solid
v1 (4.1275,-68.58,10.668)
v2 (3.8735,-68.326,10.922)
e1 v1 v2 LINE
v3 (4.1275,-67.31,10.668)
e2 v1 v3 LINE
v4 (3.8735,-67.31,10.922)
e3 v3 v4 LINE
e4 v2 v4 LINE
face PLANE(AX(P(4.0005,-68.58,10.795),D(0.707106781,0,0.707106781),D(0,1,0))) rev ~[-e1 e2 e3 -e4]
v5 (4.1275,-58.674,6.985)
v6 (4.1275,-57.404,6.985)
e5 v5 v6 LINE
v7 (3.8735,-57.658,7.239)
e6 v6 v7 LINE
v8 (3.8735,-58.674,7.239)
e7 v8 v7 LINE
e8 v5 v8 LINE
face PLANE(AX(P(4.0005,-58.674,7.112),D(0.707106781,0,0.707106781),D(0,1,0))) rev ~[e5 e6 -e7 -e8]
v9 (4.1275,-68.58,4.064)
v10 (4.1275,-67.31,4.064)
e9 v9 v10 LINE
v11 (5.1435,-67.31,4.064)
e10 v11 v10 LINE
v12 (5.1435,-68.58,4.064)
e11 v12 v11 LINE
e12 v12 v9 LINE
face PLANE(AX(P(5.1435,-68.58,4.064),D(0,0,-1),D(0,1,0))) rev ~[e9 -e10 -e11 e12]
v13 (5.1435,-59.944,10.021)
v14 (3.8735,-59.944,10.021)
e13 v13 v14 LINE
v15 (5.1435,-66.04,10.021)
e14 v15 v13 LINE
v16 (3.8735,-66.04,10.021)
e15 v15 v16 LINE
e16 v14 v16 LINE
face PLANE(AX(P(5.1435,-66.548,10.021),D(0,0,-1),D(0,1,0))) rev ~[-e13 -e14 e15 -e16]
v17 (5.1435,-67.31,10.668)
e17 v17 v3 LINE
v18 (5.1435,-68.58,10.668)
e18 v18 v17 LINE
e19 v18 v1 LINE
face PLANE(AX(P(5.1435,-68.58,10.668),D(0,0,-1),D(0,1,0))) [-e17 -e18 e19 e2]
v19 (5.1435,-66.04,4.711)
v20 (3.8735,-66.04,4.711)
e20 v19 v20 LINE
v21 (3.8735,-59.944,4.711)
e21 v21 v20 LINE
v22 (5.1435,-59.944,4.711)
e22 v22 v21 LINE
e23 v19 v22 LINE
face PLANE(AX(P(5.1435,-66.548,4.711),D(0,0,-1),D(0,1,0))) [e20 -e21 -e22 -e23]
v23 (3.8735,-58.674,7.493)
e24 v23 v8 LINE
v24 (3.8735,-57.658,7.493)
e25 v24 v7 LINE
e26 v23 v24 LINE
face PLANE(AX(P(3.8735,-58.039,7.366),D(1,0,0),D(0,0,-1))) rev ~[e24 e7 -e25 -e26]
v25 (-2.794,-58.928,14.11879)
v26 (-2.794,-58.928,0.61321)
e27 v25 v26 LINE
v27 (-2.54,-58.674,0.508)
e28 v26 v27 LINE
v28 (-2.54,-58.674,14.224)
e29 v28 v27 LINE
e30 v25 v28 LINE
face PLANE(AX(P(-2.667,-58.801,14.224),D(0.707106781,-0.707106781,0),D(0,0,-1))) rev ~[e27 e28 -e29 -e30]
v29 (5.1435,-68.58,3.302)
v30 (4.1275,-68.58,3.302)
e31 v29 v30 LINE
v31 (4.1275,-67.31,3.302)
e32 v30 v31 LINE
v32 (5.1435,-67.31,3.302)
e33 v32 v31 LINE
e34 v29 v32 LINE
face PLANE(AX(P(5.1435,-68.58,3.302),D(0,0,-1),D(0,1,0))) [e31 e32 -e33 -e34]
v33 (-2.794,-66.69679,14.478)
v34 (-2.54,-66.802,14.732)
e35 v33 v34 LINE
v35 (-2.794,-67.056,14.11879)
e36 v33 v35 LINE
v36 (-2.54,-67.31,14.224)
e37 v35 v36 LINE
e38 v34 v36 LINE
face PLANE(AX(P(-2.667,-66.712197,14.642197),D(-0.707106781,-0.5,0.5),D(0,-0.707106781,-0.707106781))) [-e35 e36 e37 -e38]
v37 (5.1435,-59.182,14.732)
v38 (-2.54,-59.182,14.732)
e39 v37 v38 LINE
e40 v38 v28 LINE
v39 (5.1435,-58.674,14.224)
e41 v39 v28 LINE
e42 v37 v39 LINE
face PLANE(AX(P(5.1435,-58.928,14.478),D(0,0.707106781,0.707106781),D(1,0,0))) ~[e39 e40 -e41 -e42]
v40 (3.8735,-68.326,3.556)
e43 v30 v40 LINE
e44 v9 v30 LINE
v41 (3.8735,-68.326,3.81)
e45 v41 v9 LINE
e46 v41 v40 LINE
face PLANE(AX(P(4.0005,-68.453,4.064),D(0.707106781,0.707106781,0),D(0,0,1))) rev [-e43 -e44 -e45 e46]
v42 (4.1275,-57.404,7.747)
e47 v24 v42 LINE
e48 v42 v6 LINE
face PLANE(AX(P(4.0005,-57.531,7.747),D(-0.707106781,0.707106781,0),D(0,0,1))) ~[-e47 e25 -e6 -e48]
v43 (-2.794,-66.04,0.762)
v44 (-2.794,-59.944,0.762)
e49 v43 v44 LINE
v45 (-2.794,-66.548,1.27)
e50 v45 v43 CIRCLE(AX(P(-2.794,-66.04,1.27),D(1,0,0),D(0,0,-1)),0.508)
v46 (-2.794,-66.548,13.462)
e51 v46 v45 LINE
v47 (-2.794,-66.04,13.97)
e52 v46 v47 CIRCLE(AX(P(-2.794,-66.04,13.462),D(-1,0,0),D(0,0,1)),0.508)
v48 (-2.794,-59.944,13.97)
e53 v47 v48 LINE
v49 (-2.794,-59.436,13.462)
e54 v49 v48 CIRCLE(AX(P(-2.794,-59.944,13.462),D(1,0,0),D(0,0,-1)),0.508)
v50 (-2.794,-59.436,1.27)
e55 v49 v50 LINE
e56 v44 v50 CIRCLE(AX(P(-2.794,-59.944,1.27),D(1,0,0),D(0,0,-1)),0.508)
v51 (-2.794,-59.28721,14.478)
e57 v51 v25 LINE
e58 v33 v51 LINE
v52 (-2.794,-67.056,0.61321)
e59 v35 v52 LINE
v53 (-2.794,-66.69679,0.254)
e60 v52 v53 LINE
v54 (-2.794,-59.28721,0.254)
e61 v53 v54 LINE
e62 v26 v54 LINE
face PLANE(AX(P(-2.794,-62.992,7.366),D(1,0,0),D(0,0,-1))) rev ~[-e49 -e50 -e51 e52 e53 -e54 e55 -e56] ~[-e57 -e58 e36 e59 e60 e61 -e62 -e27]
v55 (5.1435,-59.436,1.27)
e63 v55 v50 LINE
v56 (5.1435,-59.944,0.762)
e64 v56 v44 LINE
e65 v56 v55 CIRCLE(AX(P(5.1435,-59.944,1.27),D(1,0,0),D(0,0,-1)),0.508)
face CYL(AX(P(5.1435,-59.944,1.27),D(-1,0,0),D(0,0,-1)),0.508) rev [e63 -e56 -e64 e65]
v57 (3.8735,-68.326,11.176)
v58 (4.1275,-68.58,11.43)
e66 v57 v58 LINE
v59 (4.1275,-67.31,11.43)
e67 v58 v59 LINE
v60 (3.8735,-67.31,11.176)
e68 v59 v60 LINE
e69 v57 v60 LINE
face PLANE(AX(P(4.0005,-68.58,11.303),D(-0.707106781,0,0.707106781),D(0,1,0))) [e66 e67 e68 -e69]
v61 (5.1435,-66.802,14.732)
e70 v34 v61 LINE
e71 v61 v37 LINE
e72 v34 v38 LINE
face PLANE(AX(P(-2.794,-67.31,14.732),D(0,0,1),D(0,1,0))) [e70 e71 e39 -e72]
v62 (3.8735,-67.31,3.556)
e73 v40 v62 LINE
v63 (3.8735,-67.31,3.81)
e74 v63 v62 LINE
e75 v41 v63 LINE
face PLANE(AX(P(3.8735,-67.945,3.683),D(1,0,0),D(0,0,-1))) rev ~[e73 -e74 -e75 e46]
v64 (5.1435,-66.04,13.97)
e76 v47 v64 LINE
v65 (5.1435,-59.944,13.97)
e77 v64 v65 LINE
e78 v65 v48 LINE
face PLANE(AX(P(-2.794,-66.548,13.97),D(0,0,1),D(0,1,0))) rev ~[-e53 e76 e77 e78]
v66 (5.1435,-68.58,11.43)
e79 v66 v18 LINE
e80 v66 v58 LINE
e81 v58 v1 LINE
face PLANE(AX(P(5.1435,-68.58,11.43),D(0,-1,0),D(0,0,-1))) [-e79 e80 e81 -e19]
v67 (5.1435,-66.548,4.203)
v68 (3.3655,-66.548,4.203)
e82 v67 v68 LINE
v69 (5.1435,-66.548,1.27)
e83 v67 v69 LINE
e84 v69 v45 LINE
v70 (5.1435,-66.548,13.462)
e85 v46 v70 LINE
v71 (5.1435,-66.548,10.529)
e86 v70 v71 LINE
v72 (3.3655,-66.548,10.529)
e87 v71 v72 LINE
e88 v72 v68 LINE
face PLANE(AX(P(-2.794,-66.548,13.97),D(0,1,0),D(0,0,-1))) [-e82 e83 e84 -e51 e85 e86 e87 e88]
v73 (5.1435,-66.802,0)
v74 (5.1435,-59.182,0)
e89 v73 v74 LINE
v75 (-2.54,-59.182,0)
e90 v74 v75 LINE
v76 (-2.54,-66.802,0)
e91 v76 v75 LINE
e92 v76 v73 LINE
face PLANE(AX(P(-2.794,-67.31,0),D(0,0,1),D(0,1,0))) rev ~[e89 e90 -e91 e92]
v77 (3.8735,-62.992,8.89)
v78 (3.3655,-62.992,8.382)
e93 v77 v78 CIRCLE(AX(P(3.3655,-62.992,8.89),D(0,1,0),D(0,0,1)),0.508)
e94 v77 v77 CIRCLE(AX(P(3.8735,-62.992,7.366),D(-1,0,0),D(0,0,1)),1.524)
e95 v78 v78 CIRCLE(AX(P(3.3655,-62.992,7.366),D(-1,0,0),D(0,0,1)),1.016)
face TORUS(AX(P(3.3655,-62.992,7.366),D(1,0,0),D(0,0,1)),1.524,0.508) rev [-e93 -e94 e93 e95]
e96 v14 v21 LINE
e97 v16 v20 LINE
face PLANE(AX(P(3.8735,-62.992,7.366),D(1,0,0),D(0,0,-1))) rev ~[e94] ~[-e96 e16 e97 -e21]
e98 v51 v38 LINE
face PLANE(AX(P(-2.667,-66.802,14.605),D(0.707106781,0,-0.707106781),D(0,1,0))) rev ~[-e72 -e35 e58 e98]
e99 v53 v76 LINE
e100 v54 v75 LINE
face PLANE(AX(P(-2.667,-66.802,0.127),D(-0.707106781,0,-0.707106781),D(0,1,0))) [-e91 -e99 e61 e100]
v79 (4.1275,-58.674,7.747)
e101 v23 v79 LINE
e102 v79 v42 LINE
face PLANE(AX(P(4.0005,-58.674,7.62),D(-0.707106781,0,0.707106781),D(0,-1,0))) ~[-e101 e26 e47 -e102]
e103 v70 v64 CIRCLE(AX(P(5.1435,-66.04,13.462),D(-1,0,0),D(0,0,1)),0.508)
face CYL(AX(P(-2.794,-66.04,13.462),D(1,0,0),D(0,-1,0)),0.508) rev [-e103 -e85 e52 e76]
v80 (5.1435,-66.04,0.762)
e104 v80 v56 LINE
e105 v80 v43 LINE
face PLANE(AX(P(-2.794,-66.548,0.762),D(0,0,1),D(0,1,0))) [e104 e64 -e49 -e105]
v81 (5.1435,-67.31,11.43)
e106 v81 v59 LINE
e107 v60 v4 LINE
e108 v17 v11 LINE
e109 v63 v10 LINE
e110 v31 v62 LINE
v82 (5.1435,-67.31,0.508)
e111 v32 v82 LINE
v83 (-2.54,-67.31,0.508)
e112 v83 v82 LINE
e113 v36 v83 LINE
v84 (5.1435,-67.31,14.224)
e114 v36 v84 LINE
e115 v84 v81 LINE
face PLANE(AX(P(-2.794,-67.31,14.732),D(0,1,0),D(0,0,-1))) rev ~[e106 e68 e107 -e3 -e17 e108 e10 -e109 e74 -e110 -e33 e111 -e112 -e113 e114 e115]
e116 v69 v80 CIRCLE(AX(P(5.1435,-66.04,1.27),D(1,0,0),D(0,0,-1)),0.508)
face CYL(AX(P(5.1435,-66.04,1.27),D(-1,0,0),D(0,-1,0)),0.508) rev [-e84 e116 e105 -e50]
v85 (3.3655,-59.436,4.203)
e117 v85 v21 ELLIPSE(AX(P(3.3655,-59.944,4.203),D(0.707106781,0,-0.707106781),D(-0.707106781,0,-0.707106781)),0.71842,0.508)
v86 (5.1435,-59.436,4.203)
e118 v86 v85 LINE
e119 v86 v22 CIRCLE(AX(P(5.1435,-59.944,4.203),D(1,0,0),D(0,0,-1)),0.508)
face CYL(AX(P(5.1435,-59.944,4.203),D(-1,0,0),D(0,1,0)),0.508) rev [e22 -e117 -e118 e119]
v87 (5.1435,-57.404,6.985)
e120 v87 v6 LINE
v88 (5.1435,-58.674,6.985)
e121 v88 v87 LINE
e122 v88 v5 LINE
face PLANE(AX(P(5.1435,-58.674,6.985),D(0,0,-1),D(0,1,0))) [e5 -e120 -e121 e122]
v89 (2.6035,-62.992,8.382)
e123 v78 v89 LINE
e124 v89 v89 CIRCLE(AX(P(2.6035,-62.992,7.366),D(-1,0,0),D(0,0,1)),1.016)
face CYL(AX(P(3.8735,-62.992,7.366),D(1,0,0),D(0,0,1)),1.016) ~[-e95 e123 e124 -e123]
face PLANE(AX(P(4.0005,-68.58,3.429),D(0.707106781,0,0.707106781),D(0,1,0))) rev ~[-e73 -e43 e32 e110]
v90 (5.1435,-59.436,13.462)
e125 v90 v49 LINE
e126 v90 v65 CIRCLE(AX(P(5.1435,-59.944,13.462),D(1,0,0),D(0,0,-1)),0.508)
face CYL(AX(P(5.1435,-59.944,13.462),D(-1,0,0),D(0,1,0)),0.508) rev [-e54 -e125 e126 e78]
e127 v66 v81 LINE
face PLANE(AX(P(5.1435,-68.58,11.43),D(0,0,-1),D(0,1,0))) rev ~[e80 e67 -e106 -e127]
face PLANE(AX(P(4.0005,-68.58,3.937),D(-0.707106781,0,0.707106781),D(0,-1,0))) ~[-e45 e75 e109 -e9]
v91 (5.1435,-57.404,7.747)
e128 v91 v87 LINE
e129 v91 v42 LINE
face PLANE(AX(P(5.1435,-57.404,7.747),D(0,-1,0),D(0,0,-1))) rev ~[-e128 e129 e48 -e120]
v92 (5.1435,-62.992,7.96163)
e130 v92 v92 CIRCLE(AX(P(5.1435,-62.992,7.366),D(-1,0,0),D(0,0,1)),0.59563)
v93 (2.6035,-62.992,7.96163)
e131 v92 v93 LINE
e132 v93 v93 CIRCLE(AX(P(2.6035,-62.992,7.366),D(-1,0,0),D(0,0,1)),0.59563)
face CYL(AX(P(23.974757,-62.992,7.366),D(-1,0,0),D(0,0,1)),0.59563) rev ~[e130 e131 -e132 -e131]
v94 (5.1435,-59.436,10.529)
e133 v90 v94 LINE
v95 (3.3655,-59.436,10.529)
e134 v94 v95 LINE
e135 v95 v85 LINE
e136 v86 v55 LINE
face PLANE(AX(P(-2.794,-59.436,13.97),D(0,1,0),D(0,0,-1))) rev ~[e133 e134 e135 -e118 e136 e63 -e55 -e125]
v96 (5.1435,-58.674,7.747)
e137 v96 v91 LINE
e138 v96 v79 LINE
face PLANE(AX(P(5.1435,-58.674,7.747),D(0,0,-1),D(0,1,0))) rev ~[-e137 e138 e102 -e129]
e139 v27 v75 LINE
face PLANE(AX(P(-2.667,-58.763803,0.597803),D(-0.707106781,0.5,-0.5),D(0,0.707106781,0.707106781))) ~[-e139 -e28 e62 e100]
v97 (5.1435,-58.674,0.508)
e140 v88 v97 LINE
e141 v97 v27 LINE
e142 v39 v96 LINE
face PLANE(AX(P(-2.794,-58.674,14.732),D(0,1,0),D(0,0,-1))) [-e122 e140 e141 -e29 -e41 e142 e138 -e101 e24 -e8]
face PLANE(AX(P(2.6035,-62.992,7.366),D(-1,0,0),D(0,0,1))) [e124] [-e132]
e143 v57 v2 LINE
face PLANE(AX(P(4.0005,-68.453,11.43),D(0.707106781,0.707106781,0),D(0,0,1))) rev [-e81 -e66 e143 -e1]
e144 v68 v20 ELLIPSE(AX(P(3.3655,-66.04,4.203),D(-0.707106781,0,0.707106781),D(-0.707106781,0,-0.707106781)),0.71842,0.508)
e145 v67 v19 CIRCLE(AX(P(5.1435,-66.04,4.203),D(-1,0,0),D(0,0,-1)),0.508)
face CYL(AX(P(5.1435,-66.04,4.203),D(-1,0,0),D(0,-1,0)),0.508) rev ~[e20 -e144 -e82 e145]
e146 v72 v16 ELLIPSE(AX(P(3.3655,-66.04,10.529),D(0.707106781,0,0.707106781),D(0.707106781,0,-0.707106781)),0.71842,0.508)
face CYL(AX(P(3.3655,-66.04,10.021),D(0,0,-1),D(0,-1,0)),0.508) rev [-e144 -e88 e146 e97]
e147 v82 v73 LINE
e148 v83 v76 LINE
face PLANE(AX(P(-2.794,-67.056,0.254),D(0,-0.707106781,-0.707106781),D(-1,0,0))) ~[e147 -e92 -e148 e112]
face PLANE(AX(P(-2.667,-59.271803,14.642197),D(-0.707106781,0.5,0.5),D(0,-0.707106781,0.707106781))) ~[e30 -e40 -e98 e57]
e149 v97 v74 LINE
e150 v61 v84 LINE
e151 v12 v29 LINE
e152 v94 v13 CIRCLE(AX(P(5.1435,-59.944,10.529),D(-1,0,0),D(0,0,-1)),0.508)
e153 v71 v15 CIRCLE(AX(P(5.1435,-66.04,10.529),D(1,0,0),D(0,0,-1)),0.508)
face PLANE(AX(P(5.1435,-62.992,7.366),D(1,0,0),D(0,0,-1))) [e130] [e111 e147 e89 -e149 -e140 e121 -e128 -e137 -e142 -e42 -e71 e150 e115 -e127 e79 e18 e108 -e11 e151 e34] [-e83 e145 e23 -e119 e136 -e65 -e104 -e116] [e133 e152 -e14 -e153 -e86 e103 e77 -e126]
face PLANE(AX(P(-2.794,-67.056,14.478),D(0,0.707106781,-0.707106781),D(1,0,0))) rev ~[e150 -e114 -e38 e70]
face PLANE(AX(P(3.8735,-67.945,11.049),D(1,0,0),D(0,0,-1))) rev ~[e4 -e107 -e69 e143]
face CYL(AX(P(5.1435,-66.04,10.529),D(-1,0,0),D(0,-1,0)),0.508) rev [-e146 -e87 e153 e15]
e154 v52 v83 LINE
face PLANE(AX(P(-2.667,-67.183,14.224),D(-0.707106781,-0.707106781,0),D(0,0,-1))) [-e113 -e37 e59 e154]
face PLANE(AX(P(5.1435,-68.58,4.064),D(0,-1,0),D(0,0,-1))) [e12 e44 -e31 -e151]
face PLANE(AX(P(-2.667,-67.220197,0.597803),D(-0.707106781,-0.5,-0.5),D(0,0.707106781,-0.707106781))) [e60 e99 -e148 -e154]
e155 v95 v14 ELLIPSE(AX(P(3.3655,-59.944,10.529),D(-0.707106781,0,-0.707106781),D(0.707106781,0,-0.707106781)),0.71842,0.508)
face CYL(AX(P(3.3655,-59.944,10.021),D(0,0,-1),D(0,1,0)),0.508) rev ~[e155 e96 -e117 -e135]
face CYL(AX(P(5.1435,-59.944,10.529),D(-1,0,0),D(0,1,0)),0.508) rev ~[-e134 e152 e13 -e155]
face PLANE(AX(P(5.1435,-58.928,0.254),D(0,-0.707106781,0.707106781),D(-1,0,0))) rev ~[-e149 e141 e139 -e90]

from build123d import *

# Parameters (mm, degrees)
SKETCH2_W             = 14.732
SKETCH2_H             = 8.636
SKETCH2_W_2           = 13.208
SKETCH2_H_2           = 7.112
EXTRUDE_THIN1_DEPTH   = 7.9375
SKETCH3_W             = 14.732
SKETCH3_H             = 8.636
BOSS_EXTRUDE1_DEPTH   = 1.27
CUT_EXTRUDE1_REACH    = 9.938
SKETCH4_W             = 3.949
SKETCH4_H             = 7.112
SKETCH7_R             = 1.016
BOSS_EXTRUDE2_DEPTH   = 1.27
F_0_80_TAPPED_HOLE1_D = 1.19126
SKETCH9_W             = 0.762
SKETCH9_H             = 1.27
EXTRUDE_THIN2_DEPTH   = 1.27
FILLET1_R             = 0.508
CHAMFER1_SIZE         = 0.508
CHAMFER2_SIZE         = 0.254


with BuildPart() as part:
    # Sketch2 → Extrude-Thin1 (new body)
    with BuildSketch(Plane(origin=(-2.794, 0, 0), x_dir=(0, 0, -1), z_dir=(1, 0, 0))):
        with Locations((-7.366, -62.992)):
            Rectangle(SKETCH2_W, SKETCH2_H)
        with Locations((-7.366, -62.992)):
            Rectangle(SKETCH2_W_2, SKETCH2_H_2, mode=Mode.SUBTRACT)
    extrude(amount=EXTRUDE_THIN1_DEPTH)

    # Sketch3 → Boss-Extrude1 (add)
    with BuildSketch(Plane(origin=(5.1435, 0, 0), x_dir=(0, 0, -1), z_dir=(1, 0, 0))):
        with Locations((-7.366, -62.992)):
            Rectangle(SKETCH3_W, SKETCH3_H)
    extrude(amount=-BOSS_EXTRUDE1_DEPTH)

    # Sketch4 → Cut-Extrude1 (cut, up to next)
    with BuildSketch(Plane(origin=(5.1435, 0, 0), x_dir=(0, 0, -1), z_dir=(1, 0, 0)), mode=Mode.PRIVATE) as cut_extrude1_sk1:
        with Locations((-2.7365, -62.992)):
            Rectangle(SKETCH4_W, SKETCH4_H)
    cut_extrude1_tool1 = extrude(cut_extrude1_sk1.sketch, amount=-CUT_EXTRUDE1_REACH, mode=Mode.PRIVATE) & part.part
    add(cut_extrude1_tool1.solids().sort_by_distance((5.1435, -62.992, 2.7365))[0], mode=Mode.SUBTRACT)
    # Sketch4 → Cut-Extrude1 (cut, up to next)
    with BuildSketch(Plane(origin=(5.1435, 0, 0), x_dir=(0, 0, -1), z_dir=(1, 0, 0)), mode=Mode.PRIVATE) as cut_extrude1_sk2:
        with Locations((-11.9955, -62.992)):
            Rectangle(SKETCH4_W, SKETCH4_H)
    cut_extrude1_tool2 = extrude(cut_extrude1_sk2.sketch, amount=-CUT_EXTRUDE1_REACH, mode=Mode.PRIVATE) & part.part
    add(cut_extrude1_tool2.solids().sort_by_distance((5.1435, -62.992, 11.9955))[0], mode=Mode.SUBTRACT)

    # Sketch7 → Boss-Extrude2 (add)
    with BuildSketch(Plane.ZY.offset(-3.8735)):
        with Locations((7.366, -62.992)):
            Circle(SKETCH7_R)
    extrude(amount=BOSS_EXTRUDE2_DEPTH)

    # #0-80 Tapped Hole1 (through all)
    with Locations(Plane(origin=(5.1435, 0, 0), x_dir=(0, 0, -1), z_dir=(1, 0, 0))):
        with Locations((-7.366, -62.992)):
            Hole(F_0_80_TAPPED_HOLE1_D / 2)

    # Sketch9 → Extrude-Thin2 (add)
    with BuildSketch(Plane(origin=(5.1435, 0, 0), x_dir=(0, 0, -1), z_dir=(1, 0, 0))):
        with Locations((-7.366, -58.039)):
            Rectangle(SKETCH9_W, SKETCH9_H)
        with Locations((-11.049, -67.945)):
            Rectangle(SKETCH9_W, SKETCH9_H)
        with Locations((-3.683, -67.945)):
            Rectangle(SKETCH9_W, SKETCH9_H)
    extrude(amount=-EXTRUDE_THIN2_DEPTH)

    # Fillet1
    fillet1_edges = [part.edges().sort_by_distance(p)[0] for p in [
        (3.8735, -66.548, 7.366),
        (1.17475, -59.436, 13.97),
        (1.17475, -59.436, 0.762),
        (1.17475, -66.548, 0.762),
        (3.8735, -59.436, 7.366),
        (1.17475, -66.548, 13.97),
        (4.5085, -59.436, 10.021),
        (4.5085, -59.436, 4.711),
        (4.5085, -66.548, 4.711),
        (4.5085, -66.548, 10.021),
        (3.8735, -62.992, 6.35),
    ]]
    fillet(fillet1_edges, radius=FILLET1_R)

    # Chamfer1
    chamfer1_edges = [part.edges().sort_by_distance(p)[0] for p in [
        (1.17475, -67.31, 14.732),
        (1.17475, -67.31, 0),
        (1.17475, -58.674, 0),
        (1.17475, -58.674, 14.732),
    ]]
    chamfer(chamfer1_edges, length=CHAMFER1_SIZE)

    # Chamfer2
    chamfer2_edges = [part.edges().sort_by_distance(p)[0] for p in [
        (-2.794, -67.056, 14.478),
        (-2.794, -67.31, 7.366),
        (-2.794, -67.056, 0.254),
        (-2.794, -62.992, 0),
        (-2.794, -58.928, 0.254),
        (-2.794, -62.992, 14.732),
        (-2.794, -58.928, 14.478),
        (-2.794, -58.674, 7.366),
        (3.8735, -58.039, 6.985),
        (3.8735, -57.404, 7.366),
        (3.8735, -58.039, 7.747),
        (3.8735, -67.945, 10.668),
        (3.8735, -68.58, 11.049),
        (3.8735, -67.945, 11.43),
        (3.8735, -67.945, 3.302),
        (3.8735, -68.58, 3.683),
        (3.8735, -67.945, 4.064),
    ]]
    chamfer(chamfer2_edges, length=CHAMFER2_SIZE)


solid = part.part
